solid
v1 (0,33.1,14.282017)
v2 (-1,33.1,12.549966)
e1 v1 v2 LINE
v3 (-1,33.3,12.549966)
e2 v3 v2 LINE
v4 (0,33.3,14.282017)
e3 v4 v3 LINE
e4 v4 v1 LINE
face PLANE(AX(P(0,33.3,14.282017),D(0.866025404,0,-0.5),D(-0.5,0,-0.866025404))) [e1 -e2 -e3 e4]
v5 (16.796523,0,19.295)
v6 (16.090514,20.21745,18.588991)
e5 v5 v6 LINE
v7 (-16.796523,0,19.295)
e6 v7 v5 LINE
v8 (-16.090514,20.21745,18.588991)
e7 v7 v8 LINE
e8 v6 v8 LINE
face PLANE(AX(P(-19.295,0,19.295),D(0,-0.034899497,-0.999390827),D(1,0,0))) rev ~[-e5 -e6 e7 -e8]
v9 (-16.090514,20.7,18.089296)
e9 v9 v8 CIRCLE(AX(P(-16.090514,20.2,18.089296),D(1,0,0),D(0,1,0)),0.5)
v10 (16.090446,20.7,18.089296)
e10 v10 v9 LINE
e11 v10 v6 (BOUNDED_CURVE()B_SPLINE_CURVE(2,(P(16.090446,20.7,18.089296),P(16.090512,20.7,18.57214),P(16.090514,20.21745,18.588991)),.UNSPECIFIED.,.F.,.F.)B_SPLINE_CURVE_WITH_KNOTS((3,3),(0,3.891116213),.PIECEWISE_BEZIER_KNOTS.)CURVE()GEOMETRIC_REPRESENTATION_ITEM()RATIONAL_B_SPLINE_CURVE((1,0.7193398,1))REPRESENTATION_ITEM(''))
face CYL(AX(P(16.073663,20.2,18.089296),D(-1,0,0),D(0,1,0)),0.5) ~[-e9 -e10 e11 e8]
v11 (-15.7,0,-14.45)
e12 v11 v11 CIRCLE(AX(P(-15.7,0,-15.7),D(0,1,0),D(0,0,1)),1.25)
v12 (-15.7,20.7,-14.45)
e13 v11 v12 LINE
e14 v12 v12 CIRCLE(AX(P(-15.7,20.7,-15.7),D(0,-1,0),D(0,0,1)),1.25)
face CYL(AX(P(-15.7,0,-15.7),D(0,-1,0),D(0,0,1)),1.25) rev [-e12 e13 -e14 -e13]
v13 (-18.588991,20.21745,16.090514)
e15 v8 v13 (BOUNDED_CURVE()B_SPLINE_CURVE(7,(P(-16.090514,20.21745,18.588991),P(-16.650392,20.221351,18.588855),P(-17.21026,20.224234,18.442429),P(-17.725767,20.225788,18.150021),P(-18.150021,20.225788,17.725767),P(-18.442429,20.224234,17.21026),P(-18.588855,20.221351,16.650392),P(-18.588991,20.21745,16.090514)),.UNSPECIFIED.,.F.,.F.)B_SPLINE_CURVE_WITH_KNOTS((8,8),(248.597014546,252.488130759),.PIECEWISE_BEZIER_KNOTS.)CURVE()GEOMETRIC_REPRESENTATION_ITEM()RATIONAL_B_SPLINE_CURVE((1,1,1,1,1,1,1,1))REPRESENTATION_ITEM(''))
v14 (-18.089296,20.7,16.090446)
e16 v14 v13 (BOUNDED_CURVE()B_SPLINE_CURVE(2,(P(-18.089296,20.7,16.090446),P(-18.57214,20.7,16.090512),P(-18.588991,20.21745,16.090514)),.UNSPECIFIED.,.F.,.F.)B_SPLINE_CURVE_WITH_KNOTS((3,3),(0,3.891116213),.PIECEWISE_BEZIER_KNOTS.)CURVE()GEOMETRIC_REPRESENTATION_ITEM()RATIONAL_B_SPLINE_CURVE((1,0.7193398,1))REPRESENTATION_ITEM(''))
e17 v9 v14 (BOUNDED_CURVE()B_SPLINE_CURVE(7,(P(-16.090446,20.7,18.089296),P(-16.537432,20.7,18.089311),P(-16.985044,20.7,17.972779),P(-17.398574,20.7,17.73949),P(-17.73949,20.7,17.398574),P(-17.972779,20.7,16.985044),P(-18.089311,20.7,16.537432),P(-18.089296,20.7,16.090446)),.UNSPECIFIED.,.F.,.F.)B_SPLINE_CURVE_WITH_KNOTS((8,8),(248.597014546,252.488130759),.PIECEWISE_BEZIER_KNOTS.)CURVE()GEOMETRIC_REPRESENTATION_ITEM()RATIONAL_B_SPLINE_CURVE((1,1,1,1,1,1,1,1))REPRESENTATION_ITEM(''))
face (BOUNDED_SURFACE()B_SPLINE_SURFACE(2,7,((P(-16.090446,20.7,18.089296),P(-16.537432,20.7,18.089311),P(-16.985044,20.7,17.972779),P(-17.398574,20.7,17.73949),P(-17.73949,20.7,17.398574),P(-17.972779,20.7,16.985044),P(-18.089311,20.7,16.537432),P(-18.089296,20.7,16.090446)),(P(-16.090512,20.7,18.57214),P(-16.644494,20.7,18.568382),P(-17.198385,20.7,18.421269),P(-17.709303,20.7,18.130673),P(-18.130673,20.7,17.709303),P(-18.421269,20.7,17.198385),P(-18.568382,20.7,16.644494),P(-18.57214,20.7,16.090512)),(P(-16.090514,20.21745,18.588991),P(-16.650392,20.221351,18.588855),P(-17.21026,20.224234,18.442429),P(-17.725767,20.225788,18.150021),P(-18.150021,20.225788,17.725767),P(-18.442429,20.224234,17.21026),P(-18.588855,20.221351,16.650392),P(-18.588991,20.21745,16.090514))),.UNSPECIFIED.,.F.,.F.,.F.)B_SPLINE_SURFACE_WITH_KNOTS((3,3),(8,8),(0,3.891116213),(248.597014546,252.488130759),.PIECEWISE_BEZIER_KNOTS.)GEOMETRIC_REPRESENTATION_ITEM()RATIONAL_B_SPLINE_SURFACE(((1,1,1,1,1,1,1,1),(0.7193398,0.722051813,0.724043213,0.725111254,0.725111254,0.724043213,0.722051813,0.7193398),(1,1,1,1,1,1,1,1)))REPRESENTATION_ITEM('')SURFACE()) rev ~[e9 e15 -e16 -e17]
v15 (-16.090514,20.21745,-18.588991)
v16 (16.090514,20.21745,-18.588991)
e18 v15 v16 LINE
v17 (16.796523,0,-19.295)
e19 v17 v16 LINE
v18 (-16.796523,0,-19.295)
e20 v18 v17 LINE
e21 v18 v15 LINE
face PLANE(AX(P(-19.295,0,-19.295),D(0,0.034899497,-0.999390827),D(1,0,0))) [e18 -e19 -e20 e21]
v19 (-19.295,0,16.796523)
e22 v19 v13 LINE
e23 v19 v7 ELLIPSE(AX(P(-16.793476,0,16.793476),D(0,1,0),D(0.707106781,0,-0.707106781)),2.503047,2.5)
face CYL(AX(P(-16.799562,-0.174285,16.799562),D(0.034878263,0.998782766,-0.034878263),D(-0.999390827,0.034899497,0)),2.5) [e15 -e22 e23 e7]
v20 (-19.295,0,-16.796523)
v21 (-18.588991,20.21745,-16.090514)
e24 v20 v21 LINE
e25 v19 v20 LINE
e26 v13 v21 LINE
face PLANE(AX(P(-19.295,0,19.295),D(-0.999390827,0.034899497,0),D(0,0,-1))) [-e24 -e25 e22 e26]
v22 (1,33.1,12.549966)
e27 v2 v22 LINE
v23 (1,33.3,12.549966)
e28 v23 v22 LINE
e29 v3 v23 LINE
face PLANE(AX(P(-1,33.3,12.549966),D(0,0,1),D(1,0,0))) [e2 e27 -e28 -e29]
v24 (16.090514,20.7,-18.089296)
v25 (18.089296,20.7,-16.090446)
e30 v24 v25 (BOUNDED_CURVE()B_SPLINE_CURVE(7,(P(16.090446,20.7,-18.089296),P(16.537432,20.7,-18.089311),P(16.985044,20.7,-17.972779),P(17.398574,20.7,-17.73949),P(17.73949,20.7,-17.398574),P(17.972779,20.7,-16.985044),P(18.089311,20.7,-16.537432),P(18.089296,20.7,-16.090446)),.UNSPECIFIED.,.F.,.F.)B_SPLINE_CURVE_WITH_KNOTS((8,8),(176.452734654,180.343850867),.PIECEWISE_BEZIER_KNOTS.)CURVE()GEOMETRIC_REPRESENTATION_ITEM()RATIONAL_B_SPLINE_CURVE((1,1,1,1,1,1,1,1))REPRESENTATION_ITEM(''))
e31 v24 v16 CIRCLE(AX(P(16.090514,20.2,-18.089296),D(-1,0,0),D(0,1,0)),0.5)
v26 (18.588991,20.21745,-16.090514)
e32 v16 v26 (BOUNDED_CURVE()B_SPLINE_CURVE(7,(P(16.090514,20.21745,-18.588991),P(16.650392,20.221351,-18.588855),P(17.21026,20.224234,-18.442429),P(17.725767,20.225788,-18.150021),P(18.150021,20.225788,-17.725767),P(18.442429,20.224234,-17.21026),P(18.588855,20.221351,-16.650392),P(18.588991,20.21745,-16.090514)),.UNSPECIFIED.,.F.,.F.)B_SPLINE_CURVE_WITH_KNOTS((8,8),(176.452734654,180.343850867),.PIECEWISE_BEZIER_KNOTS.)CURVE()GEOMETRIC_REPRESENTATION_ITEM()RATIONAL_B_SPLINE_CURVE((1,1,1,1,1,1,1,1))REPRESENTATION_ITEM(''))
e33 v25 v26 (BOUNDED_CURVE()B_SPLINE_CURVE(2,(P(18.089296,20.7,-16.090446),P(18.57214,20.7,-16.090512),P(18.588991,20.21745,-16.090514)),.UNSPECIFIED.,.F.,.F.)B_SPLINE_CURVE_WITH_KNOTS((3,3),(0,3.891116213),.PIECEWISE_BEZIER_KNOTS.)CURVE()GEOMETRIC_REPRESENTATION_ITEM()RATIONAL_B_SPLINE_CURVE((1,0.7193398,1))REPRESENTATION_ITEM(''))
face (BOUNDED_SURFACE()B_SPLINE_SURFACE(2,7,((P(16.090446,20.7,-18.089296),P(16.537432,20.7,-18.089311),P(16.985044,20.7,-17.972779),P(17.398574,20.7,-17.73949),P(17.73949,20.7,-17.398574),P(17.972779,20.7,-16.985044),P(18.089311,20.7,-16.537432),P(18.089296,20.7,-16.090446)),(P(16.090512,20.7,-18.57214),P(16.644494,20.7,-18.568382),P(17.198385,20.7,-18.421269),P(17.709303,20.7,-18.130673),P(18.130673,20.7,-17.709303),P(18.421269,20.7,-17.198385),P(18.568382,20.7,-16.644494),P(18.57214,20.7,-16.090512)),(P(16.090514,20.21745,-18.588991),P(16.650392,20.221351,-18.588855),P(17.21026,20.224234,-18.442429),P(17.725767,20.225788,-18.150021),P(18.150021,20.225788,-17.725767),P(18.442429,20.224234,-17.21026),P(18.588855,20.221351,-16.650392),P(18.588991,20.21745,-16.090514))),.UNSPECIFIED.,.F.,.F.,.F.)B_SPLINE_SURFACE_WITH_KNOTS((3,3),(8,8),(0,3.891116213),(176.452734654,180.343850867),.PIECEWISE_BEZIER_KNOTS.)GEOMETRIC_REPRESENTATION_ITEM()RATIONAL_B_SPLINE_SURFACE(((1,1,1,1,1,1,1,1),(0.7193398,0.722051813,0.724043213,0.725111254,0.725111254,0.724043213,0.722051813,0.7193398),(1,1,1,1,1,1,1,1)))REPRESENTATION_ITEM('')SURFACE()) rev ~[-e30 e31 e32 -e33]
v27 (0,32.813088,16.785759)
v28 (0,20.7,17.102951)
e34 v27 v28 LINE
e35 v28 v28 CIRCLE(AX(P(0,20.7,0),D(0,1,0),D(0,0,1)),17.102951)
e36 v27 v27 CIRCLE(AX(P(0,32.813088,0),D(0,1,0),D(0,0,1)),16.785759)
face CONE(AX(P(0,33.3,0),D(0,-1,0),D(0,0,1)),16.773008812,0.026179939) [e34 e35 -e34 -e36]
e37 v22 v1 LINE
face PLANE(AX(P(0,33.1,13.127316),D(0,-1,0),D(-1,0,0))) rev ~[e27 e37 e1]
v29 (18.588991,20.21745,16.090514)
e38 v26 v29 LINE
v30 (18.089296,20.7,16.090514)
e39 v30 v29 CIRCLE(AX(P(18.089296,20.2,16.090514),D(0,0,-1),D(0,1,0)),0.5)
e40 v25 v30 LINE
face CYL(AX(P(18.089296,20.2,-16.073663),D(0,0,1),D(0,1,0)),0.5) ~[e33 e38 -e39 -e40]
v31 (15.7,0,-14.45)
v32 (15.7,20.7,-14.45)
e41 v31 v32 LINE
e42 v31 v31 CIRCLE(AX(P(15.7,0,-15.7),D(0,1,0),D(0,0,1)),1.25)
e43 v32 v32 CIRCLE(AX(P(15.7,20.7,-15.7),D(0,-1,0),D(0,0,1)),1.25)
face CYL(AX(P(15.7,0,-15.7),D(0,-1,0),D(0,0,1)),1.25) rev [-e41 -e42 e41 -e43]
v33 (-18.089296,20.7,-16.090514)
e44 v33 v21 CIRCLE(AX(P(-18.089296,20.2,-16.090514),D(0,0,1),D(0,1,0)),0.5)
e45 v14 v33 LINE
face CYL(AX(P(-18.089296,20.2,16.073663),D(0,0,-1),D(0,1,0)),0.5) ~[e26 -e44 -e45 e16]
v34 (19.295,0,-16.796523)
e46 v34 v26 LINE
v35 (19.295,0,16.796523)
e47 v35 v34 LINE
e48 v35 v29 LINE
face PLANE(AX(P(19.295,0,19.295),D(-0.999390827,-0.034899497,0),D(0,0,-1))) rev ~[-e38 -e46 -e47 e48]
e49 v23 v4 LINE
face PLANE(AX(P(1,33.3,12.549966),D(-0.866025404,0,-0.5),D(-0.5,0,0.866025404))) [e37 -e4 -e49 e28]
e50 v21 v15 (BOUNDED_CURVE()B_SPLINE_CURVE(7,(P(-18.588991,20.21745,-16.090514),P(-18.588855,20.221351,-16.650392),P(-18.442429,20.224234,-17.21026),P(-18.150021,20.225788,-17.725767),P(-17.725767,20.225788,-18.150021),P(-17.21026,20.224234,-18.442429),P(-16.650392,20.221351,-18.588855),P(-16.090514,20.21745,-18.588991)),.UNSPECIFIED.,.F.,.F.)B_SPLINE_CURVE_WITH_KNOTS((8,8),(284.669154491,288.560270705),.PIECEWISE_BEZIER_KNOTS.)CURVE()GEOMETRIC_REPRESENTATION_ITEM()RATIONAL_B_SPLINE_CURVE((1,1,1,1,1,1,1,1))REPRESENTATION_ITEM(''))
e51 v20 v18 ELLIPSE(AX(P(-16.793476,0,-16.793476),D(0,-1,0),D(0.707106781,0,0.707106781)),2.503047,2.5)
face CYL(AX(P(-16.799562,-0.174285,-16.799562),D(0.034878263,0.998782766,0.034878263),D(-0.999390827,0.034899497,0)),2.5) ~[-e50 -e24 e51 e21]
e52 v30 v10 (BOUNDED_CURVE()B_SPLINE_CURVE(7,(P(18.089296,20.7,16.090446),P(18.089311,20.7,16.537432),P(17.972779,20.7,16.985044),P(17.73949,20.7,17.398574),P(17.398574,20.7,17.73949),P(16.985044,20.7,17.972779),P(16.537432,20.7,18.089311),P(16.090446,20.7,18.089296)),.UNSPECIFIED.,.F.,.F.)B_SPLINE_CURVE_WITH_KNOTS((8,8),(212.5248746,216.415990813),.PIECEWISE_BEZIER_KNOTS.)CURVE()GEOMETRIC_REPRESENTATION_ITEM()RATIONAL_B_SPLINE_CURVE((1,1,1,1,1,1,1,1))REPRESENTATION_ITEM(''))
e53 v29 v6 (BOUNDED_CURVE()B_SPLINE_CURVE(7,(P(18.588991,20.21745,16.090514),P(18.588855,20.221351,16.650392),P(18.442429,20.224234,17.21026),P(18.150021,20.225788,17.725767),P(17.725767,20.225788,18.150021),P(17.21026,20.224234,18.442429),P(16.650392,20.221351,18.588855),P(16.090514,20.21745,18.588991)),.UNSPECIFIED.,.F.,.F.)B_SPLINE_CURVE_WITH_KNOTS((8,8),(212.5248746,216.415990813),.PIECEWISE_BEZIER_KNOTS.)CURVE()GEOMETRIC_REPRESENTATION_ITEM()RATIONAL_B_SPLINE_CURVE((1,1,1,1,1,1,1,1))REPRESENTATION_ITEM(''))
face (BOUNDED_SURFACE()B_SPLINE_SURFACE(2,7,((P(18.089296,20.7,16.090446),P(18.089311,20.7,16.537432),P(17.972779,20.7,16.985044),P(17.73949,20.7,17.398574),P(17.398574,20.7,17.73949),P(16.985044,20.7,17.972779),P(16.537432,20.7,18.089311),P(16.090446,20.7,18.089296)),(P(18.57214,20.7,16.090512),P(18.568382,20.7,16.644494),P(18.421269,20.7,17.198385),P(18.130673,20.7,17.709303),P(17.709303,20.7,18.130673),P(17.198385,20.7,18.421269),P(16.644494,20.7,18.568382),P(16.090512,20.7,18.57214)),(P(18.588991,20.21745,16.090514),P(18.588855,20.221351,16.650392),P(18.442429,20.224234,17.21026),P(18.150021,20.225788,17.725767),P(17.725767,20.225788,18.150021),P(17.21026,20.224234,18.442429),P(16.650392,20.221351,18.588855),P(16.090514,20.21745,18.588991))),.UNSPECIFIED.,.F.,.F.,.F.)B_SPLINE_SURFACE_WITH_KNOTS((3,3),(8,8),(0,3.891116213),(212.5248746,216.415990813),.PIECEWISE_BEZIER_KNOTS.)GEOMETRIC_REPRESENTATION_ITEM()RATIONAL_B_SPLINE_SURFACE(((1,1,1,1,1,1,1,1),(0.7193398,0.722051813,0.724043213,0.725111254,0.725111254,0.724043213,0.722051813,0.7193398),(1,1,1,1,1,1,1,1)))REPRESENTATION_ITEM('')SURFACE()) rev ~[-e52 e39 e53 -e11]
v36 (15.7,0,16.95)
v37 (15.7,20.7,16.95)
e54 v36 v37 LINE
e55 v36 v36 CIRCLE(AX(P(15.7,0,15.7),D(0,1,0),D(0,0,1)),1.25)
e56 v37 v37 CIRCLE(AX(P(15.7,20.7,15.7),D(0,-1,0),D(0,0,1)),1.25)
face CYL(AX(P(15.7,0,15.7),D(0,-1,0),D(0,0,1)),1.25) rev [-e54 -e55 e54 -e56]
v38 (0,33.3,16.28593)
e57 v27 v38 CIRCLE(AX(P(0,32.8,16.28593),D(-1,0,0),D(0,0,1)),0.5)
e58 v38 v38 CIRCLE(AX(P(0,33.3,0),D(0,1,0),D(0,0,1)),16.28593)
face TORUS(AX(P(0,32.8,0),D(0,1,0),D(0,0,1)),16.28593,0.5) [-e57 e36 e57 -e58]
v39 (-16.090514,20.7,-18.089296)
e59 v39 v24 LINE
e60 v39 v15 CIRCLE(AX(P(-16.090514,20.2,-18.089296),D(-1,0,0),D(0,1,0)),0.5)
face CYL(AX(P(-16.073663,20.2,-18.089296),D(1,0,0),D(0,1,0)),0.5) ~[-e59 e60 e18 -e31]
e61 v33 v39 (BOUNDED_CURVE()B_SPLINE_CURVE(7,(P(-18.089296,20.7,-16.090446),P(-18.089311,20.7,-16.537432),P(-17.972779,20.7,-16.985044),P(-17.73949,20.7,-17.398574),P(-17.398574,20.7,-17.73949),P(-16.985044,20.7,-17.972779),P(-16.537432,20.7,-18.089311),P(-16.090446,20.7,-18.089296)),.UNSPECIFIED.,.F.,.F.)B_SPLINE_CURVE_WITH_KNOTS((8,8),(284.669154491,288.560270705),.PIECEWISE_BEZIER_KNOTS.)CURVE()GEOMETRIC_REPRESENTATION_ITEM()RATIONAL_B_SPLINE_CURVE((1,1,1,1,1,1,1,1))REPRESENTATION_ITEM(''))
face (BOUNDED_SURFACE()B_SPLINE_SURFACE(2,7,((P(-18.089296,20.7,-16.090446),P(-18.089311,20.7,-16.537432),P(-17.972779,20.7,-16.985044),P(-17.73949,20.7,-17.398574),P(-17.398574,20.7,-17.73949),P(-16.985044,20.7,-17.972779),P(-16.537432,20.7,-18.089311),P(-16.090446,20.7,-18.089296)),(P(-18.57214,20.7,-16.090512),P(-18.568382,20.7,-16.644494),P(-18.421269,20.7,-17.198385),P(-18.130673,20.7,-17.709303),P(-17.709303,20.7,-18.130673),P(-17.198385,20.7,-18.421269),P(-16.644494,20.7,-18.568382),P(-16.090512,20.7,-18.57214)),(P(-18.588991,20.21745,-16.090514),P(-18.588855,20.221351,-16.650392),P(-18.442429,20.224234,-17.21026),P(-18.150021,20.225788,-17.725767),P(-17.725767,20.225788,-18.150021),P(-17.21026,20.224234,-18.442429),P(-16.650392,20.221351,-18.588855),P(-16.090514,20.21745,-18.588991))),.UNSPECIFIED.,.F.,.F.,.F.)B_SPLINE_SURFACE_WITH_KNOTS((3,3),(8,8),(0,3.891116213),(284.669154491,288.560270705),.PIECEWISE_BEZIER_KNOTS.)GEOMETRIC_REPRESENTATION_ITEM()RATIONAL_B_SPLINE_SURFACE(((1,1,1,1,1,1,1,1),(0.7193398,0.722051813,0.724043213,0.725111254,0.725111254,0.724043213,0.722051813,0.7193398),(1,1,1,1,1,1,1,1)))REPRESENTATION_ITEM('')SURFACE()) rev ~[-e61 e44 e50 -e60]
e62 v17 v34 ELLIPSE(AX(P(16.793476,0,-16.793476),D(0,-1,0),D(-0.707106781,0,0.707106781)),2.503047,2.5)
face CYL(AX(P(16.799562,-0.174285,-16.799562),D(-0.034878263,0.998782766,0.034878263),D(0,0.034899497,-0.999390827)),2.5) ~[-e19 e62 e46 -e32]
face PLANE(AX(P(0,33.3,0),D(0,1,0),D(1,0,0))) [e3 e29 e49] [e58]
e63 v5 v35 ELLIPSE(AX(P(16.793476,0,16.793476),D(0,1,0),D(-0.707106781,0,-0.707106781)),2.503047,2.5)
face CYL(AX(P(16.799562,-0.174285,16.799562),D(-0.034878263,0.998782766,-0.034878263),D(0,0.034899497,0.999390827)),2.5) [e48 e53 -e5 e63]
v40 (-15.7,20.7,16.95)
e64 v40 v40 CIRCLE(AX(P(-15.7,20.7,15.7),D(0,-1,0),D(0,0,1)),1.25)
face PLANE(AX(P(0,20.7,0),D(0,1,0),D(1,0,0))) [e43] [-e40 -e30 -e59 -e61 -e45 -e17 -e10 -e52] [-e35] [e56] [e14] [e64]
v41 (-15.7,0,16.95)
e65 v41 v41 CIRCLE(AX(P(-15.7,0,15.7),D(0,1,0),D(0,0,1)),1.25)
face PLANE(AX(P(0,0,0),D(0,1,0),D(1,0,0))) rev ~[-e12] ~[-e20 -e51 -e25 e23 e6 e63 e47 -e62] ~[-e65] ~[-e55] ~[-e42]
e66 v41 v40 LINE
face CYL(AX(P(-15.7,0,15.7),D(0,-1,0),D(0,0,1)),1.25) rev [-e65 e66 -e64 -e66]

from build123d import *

# Parameters (mm, degrees)
SZKIC1_W                    = 38.59
SZKIC1_H                    = 38.59
SZKIC1_R                    = 1.25
DODANIE_WYCI_GNI_CIE1_DEPTH = 33.3
SZKIC3_OUTSIDE_W            = 53.376
SZKIC3_OUTSIDE_H            = 53.376
SZKIC3_OUTSIDE_R            = 17.645
WYTNIJ_WYCI_GNI_CIE1_DEPTH  = 12.6
POCHYLENIE2_ANGLE           = -2
POCHYLENIE3_ANGLE           = -1.5
ZAOKR_GLENIE2_R             = 2.5
ZAOKR_GLENIE3_R             = 0.5
ZAOKR_GLENIE4_R             = 0.5
WYTNIJ_WYCI_GNI_CIE2_DEPTH  = 0.2


with BuildPart() as part:
    # Szkic1 → Dodanie-wyciągnięcie1 (new body)
    with BuildSketch(Plane(origin=(0, 0, 0), x_dir=(1, 0, 0), z_dir=(0, 1, 0))):
        Rectangle(SZKIC1_W, SZKIC1_H)
        with Locations(Location((-15.7, 15.7, 0), (0, 0, 270))):
            Circle(SZKIC1_R, mode=Mode.SUBTRACT)
        with Locations(Location((15.7, 15.7, 0), (0, 0, 270))):
            Circle(SZKIC1_R, mode=Mode.SUBTRACT)
        with Locations(Location((15.7, -15.7, 0), (0, 0, 270))):
            Circle(SZKIC1_R, mode=Mode.SUBTRACT)
        with Locations(Location((-15.7, -15.7, 0), (0, 0, 270))):
            Circle(SZKIC1_R, mode=Mode.SUBTRACT)
    extrude(amount=DODANIE_WYCI_GNI_CIE1_DEPTH)

    # Szkic3 outside → Wytnij-wyciągnięcie1 (cut)
    with BuildSketch(Plane(origin=(0, 33.3, 0), x_dir=(1, 0, 0), z_dir=(0, 1, 0))):
        Rectangle(SZKIC3_OUTSIDE_W, SZKIC3_OUTSIDE_H)
        with Locations(Location((0, 0, 0), (0, 0, 270))):
            Circle(SZKIC3_OUTSIDE_R, mode=Mode.SUBTRACT)
    extrude(amount=-WYTNIJ_WYCI_GNI_CIE1_DEPTH, mode=Mode.SUBTRACT)

    # Pochylenie2
    pochylenie2_faces = [part.faces().sort_by_distance(p)[0] for p in [
        (19.295, 10.35, 0),
        (0, 10.35, 19.295),
        (-19.295, 10.35, 0),
        (0, 10.35, -19.295),
    ]]
    draft(pochylenie2_faces, Plane(origin=(0, 0, 0), x_dir=(0, 0, -1), z_dir=(0, -1, 0)), POCHYLENIE2_ANGLE)

    # Pochylenie3
    pochylenie3_faces = [part.faces().sort_by_distance(p)[0] for p in [
        (0, 27, -17.645),
    ]]
    draft(pochylenie3_faces, Plane(origin=(0, 0, 0), x_dir=(0, 0, -1), z_dir=(0, -1, 0)), POCHYLENIE3_ANGLE)

    # Zaokrąglenie2
    zaokr_glenie2_edges = [part.edges().sort_by_distance(p)[0] for p in [
        (18.933570036, 10.35, 18.933570036),
        (-18.933570036, 10.35, 18.933570036),
        (-18.933570036, 10.35, -18.933570036),
        (18.933570036, 10.35, -18.933570036),
    ]]
    fillet(zaokr_glenie2_edges, radius=ZAOKR_GLENIE2_R)

    # Zaokrąglenie3
    zaokr_glenie3_edges = [part.edges().sort_by_distance(p)[0] for p in [
        (0, 20.7, -18.572140072),
        (18.572140072, 20.7, 0),
        (-18.572140072, 20.7, 0),
        (0, 20.7, 18.572140072),
        (17.840537572, 20.7, 17.840537572),
        (-17.840537572, 20.7, 17.840537572),
        (-17.840537572, 20.7, -17.840537572),
        (17.840537572, 20.7, -17.840537572),
    ]]
    fillet(zaokr_glenie3_edges, radius=ZAOKR_GLENIE3_R)

    # Zaokrąglenie4
    zaokr_glenie4_edges = [part.edges().sort_by_distance(p)[0] for p in [
        (0, 33.3, -16.773008812),
    ]]
    fillet(zaokr_glenie4_edges, radius=ZAOKR_GLENIE4_R)

    # Szkic4 → Wytnij-wyciągnięcie2 (cut)
    with BuildSketch(Plane(origin=(0, 33.3, 0), x_dir=(1, 0, 0), z_dir=(0, 1, 0))):
        Polygon((-1, -12.549966068), (1, -12.549966068), (0, -14.282016876), align=None)
    extrude(amount=-WYTNIJ_WYCI_GNI_CIE2_DEPTH, mode=Mode.SUBTRACT)


solid = part.part
